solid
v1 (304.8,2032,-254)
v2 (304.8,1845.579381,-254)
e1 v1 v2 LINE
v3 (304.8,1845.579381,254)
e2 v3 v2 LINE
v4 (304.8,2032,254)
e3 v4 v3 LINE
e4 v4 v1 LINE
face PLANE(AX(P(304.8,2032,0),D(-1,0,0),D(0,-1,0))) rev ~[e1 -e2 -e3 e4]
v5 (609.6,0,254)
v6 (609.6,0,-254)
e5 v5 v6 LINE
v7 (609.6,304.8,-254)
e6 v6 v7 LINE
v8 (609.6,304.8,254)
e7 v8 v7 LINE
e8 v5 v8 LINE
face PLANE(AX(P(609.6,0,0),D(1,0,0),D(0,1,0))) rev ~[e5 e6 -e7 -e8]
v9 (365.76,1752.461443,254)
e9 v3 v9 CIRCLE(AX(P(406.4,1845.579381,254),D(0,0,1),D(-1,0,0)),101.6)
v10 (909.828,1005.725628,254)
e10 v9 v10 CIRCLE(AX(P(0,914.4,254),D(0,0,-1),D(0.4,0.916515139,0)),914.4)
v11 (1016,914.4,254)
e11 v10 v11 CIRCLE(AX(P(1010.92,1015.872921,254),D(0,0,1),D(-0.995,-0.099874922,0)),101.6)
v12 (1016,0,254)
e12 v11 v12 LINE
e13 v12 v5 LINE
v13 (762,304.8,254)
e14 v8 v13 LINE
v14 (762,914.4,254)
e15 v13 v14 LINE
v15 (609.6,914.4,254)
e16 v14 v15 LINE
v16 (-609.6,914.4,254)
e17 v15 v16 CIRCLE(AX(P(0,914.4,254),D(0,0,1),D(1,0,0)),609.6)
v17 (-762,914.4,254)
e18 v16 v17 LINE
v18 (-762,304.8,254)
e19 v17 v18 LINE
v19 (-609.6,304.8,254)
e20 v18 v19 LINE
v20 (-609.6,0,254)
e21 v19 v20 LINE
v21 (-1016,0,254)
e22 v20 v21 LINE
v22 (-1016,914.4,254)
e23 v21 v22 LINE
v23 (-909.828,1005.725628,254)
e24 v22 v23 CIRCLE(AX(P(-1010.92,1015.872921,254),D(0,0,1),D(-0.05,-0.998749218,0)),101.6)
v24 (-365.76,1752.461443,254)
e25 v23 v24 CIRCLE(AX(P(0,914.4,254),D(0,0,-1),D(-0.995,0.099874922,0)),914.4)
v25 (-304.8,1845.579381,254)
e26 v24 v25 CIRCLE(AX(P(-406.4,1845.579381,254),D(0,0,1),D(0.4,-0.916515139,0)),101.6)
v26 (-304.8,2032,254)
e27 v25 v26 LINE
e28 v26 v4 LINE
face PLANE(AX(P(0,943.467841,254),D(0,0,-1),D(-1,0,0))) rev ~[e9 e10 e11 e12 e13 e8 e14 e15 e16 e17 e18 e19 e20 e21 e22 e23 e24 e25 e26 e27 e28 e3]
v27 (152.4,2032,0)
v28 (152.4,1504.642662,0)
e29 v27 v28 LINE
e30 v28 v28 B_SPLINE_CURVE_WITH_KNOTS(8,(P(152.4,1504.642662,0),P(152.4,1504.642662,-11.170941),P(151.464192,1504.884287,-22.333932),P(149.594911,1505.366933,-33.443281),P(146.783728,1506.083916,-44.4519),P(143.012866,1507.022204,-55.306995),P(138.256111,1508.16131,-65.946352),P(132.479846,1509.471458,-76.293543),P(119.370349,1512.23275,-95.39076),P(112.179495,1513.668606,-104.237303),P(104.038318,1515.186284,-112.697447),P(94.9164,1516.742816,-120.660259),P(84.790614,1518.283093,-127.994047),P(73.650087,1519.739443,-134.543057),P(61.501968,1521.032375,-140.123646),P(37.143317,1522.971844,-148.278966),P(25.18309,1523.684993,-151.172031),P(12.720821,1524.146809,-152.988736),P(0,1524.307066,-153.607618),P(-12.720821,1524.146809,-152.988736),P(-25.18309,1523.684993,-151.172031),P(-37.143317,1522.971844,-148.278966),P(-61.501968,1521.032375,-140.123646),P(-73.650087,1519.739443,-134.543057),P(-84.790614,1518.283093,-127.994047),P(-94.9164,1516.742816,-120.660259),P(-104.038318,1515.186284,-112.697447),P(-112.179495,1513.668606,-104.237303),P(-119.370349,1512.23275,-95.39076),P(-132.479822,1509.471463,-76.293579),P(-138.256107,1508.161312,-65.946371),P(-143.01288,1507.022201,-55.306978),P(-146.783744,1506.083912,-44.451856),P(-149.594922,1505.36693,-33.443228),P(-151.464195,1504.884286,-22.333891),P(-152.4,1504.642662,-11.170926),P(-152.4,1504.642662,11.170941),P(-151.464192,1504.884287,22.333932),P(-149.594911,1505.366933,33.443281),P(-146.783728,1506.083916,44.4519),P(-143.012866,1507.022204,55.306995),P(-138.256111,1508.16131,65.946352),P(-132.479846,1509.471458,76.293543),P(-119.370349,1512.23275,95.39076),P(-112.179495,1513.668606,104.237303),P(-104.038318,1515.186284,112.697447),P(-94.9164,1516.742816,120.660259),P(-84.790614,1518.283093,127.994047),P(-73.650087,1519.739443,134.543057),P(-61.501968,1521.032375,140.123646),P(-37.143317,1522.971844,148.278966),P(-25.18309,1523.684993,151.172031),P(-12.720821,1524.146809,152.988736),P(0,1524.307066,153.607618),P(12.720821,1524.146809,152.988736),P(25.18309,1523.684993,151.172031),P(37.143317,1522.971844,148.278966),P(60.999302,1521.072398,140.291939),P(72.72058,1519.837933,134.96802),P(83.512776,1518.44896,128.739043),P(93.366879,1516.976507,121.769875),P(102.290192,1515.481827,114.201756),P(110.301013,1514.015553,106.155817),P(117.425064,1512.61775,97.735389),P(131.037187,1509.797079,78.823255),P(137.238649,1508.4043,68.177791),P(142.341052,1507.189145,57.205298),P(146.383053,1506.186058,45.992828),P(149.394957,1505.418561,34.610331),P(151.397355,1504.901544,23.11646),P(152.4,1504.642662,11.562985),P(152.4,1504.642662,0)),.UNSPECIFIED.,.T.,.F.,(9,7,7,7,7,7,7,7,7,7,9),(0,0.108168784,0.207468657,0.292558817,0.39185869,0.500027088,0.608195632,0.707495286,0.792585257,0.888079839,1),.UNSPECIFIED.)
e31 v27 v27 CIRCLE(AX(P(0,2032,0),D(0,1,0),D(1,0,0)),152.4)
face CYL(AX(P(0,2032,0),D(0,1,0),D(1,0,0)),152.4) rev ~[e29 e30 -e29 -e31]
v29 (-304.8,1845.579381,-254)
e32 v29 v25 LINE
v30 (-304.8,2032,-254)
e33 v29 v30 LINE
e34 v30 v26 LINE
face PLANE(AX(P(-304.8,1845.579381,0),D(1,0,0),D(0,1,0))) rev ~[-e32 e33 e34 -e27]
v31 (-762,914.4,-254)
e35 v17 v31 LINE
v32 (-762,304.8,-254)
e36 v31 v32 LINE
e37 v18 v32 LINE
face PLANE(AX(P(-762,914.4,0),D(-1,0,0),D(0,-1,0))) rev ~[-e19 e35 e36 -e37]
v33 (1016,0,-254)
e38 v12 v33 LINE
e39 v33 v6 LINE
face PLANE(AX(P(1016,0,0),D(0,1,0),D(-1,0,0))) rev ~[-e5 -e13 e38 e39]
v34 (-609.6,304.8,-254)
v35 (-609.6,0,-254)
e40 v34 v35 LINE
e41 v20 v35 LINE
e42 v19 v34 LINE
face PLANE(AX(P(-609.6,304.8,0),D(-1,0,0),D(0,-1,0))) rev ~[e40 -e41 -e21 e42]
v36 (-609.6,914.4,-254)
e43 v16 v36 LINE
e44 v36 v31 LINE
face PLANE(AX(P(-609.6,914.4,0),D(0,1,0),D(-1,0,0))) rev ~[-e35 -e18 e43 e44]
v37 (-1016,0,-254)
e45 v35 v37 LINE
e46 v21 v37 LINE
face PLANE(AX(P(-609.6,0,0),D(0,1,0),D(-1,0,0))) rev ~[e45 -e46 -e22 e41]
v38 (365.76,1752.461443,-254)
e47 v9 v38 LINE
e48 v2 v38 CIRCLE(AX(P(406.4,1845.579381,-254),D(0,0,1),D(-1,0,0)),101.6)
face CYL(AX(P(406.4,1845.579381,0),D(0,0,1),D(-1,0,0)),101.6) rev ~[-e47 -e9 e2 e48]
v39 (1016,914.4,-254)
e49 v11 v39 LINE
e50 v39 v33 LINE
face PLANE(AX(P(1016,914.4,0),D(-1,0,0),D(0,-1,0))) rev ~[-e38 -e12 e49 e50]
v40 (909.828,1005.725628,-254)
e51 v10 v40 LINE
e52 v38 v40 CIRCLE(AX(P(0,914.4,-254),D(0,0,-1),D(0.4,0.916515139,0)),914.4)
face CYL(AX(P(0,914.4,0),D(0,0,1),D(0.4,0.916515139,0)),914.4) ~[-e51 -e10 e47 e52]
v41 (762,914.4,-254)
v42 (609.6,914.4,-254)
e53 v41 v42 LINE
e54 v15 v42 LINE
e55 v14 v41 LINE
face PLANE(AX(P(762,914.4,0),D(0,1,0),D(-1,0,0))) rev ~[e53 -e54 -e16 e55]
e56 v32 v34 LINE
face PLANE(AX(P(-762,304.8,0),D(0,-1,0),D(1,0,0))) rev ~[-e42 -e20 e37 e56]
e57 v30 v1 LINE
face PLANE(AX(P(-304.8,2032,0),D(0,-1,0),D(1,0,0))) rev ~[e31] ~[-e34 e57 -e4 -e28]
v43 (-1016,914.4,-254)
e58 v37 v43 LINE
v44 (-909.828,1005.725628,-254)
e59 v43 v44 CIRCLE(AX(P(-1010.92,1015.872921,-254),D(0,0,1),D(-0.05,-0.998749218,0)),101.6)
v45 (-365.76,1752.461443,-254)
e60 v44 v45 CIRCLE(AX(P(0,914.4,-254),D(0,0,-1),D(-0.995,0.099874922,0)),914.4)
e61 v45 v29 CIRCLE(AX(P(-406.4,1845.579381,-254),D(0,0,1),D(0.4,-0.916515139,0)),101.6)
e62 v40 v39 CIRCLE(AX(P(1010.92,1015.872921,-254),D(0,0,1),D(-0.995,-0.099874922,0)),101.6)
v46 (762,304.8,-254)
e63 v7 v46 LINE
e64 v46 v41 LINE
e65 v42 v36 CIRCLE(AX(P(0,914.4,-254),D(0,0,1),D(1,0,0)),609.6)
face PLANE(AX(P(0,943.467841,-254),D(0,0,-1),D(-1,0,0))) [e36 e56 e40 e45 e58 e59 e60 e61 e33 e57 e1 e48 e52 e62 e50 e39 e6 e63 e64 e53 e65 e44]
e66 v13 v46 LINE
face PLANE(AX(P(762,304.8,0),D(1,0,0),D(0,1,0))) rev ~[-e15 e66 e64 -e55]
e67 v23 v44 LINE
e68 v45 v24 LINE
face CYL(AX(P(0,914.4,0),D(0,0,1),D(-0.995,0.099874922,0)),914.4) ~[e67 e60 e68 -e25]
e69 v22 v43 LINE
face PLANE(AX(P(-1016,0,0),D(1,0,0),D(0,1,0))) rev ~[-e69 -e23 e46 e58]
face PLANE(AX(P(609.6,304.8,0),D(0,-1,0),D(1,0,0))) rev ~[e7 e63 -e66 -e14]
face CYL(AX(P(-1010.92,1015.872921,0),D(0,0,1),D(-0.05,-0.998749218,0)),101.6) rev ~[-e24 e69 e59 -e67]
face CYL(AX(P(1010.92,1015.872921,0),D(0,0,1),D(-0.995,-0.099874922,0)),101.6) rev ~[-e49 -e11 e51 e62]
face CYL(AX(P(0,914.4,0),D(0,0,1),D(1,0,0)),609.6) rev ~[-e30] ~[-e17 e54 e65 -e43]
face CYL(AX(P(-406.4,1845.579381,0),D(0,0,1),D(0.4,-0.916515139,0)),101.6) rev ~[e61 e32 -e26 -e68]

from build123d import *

# Parameters (mm, degrees)
BOSS_EXTRUDE1_DEPTH = 254
SKETCH2_R           = 152.4
CUT_EXTRUDE1_DEPTH  = 2033


with BuildPart() as part:
    # Sketch1 → Boss-Extrude1 (new body, symmetric)
    with BuildSketch(Plane.XY):
        with BuildLine():
            Line((-304.8, 2032), (304.8, 2032))
            Line((304.8, 2032), (304.8, 1845.579381215))
            ThreePointArc((304.8, 1845.579381215), (321.395341304, 1789.930769373), (365.76, 1752.461443094))
            ThreePointArc((365.76, 1752.461443094), (739.043152086, 1452.863164343), (909.828, 1005.725628473))
            ThreePointArc((909.828, 1005.725628473), (944.665425516, 938.847656099), (1016, 914.4))
            Line((1016, 914.4), (1016, 0))
            Line((1016, 0), (609.6, 0))
            Line((609.6, 0), (609.6, 304.8))
            Line((609.6, 304.8), (762, 304.8))
            Line((762, 304.8), (762, 914.4))
            Line((762, 914.4), (609.6, 914.4))
            ThreePointArc((609.6, 914.4), (0, 1524), (-609.6, 914.4))
            Line((-609.6, 914.4), (-762, 914.4))
            Line((-762, 914.4), (-762, 304.8))
            Line((-762, 304.8), (-609.6, 304.8))
            Line((-609.6, 304.8), (-609.6, 0))
            Line((-609.6, 0), (-1016, 0))
            Line((-1016, 0), (-1016, 914.4))
            ThreePointArc((-1016, 914.4), (-944.665425516, 938.847656099), (-909.828, 1005.725628473))
            ThreePointArc((-909.828, 1005.725628473), (-739.043152086, 1452.863164343), (-365.76, 1752.461443094))
            ThreePointArc((-365.76, 1752.461443094), (-321.395341304, 1789.930769373), (-304.8, 1845.579381215))
            Line((-304.8, 1845.579381215), (-304.8, 2032))
        make_face()
    extrude(amount=BOSS_EXTRUDE1_DEPTH, both=True)

    # Sketch2 → Cut-Extrude1 (cut, through all)
    with BuildSketch(Plane(origin=(0, 2032, 0), x_dir=(1, 0, 0), z_dir=(0, 1, 0))):
        Circle(SKETCH2_R)
    extrude(amount=-CUT_EXTRUDE1_DEPTH, mode=Mode.SUBTRACT)


solid = part.part
